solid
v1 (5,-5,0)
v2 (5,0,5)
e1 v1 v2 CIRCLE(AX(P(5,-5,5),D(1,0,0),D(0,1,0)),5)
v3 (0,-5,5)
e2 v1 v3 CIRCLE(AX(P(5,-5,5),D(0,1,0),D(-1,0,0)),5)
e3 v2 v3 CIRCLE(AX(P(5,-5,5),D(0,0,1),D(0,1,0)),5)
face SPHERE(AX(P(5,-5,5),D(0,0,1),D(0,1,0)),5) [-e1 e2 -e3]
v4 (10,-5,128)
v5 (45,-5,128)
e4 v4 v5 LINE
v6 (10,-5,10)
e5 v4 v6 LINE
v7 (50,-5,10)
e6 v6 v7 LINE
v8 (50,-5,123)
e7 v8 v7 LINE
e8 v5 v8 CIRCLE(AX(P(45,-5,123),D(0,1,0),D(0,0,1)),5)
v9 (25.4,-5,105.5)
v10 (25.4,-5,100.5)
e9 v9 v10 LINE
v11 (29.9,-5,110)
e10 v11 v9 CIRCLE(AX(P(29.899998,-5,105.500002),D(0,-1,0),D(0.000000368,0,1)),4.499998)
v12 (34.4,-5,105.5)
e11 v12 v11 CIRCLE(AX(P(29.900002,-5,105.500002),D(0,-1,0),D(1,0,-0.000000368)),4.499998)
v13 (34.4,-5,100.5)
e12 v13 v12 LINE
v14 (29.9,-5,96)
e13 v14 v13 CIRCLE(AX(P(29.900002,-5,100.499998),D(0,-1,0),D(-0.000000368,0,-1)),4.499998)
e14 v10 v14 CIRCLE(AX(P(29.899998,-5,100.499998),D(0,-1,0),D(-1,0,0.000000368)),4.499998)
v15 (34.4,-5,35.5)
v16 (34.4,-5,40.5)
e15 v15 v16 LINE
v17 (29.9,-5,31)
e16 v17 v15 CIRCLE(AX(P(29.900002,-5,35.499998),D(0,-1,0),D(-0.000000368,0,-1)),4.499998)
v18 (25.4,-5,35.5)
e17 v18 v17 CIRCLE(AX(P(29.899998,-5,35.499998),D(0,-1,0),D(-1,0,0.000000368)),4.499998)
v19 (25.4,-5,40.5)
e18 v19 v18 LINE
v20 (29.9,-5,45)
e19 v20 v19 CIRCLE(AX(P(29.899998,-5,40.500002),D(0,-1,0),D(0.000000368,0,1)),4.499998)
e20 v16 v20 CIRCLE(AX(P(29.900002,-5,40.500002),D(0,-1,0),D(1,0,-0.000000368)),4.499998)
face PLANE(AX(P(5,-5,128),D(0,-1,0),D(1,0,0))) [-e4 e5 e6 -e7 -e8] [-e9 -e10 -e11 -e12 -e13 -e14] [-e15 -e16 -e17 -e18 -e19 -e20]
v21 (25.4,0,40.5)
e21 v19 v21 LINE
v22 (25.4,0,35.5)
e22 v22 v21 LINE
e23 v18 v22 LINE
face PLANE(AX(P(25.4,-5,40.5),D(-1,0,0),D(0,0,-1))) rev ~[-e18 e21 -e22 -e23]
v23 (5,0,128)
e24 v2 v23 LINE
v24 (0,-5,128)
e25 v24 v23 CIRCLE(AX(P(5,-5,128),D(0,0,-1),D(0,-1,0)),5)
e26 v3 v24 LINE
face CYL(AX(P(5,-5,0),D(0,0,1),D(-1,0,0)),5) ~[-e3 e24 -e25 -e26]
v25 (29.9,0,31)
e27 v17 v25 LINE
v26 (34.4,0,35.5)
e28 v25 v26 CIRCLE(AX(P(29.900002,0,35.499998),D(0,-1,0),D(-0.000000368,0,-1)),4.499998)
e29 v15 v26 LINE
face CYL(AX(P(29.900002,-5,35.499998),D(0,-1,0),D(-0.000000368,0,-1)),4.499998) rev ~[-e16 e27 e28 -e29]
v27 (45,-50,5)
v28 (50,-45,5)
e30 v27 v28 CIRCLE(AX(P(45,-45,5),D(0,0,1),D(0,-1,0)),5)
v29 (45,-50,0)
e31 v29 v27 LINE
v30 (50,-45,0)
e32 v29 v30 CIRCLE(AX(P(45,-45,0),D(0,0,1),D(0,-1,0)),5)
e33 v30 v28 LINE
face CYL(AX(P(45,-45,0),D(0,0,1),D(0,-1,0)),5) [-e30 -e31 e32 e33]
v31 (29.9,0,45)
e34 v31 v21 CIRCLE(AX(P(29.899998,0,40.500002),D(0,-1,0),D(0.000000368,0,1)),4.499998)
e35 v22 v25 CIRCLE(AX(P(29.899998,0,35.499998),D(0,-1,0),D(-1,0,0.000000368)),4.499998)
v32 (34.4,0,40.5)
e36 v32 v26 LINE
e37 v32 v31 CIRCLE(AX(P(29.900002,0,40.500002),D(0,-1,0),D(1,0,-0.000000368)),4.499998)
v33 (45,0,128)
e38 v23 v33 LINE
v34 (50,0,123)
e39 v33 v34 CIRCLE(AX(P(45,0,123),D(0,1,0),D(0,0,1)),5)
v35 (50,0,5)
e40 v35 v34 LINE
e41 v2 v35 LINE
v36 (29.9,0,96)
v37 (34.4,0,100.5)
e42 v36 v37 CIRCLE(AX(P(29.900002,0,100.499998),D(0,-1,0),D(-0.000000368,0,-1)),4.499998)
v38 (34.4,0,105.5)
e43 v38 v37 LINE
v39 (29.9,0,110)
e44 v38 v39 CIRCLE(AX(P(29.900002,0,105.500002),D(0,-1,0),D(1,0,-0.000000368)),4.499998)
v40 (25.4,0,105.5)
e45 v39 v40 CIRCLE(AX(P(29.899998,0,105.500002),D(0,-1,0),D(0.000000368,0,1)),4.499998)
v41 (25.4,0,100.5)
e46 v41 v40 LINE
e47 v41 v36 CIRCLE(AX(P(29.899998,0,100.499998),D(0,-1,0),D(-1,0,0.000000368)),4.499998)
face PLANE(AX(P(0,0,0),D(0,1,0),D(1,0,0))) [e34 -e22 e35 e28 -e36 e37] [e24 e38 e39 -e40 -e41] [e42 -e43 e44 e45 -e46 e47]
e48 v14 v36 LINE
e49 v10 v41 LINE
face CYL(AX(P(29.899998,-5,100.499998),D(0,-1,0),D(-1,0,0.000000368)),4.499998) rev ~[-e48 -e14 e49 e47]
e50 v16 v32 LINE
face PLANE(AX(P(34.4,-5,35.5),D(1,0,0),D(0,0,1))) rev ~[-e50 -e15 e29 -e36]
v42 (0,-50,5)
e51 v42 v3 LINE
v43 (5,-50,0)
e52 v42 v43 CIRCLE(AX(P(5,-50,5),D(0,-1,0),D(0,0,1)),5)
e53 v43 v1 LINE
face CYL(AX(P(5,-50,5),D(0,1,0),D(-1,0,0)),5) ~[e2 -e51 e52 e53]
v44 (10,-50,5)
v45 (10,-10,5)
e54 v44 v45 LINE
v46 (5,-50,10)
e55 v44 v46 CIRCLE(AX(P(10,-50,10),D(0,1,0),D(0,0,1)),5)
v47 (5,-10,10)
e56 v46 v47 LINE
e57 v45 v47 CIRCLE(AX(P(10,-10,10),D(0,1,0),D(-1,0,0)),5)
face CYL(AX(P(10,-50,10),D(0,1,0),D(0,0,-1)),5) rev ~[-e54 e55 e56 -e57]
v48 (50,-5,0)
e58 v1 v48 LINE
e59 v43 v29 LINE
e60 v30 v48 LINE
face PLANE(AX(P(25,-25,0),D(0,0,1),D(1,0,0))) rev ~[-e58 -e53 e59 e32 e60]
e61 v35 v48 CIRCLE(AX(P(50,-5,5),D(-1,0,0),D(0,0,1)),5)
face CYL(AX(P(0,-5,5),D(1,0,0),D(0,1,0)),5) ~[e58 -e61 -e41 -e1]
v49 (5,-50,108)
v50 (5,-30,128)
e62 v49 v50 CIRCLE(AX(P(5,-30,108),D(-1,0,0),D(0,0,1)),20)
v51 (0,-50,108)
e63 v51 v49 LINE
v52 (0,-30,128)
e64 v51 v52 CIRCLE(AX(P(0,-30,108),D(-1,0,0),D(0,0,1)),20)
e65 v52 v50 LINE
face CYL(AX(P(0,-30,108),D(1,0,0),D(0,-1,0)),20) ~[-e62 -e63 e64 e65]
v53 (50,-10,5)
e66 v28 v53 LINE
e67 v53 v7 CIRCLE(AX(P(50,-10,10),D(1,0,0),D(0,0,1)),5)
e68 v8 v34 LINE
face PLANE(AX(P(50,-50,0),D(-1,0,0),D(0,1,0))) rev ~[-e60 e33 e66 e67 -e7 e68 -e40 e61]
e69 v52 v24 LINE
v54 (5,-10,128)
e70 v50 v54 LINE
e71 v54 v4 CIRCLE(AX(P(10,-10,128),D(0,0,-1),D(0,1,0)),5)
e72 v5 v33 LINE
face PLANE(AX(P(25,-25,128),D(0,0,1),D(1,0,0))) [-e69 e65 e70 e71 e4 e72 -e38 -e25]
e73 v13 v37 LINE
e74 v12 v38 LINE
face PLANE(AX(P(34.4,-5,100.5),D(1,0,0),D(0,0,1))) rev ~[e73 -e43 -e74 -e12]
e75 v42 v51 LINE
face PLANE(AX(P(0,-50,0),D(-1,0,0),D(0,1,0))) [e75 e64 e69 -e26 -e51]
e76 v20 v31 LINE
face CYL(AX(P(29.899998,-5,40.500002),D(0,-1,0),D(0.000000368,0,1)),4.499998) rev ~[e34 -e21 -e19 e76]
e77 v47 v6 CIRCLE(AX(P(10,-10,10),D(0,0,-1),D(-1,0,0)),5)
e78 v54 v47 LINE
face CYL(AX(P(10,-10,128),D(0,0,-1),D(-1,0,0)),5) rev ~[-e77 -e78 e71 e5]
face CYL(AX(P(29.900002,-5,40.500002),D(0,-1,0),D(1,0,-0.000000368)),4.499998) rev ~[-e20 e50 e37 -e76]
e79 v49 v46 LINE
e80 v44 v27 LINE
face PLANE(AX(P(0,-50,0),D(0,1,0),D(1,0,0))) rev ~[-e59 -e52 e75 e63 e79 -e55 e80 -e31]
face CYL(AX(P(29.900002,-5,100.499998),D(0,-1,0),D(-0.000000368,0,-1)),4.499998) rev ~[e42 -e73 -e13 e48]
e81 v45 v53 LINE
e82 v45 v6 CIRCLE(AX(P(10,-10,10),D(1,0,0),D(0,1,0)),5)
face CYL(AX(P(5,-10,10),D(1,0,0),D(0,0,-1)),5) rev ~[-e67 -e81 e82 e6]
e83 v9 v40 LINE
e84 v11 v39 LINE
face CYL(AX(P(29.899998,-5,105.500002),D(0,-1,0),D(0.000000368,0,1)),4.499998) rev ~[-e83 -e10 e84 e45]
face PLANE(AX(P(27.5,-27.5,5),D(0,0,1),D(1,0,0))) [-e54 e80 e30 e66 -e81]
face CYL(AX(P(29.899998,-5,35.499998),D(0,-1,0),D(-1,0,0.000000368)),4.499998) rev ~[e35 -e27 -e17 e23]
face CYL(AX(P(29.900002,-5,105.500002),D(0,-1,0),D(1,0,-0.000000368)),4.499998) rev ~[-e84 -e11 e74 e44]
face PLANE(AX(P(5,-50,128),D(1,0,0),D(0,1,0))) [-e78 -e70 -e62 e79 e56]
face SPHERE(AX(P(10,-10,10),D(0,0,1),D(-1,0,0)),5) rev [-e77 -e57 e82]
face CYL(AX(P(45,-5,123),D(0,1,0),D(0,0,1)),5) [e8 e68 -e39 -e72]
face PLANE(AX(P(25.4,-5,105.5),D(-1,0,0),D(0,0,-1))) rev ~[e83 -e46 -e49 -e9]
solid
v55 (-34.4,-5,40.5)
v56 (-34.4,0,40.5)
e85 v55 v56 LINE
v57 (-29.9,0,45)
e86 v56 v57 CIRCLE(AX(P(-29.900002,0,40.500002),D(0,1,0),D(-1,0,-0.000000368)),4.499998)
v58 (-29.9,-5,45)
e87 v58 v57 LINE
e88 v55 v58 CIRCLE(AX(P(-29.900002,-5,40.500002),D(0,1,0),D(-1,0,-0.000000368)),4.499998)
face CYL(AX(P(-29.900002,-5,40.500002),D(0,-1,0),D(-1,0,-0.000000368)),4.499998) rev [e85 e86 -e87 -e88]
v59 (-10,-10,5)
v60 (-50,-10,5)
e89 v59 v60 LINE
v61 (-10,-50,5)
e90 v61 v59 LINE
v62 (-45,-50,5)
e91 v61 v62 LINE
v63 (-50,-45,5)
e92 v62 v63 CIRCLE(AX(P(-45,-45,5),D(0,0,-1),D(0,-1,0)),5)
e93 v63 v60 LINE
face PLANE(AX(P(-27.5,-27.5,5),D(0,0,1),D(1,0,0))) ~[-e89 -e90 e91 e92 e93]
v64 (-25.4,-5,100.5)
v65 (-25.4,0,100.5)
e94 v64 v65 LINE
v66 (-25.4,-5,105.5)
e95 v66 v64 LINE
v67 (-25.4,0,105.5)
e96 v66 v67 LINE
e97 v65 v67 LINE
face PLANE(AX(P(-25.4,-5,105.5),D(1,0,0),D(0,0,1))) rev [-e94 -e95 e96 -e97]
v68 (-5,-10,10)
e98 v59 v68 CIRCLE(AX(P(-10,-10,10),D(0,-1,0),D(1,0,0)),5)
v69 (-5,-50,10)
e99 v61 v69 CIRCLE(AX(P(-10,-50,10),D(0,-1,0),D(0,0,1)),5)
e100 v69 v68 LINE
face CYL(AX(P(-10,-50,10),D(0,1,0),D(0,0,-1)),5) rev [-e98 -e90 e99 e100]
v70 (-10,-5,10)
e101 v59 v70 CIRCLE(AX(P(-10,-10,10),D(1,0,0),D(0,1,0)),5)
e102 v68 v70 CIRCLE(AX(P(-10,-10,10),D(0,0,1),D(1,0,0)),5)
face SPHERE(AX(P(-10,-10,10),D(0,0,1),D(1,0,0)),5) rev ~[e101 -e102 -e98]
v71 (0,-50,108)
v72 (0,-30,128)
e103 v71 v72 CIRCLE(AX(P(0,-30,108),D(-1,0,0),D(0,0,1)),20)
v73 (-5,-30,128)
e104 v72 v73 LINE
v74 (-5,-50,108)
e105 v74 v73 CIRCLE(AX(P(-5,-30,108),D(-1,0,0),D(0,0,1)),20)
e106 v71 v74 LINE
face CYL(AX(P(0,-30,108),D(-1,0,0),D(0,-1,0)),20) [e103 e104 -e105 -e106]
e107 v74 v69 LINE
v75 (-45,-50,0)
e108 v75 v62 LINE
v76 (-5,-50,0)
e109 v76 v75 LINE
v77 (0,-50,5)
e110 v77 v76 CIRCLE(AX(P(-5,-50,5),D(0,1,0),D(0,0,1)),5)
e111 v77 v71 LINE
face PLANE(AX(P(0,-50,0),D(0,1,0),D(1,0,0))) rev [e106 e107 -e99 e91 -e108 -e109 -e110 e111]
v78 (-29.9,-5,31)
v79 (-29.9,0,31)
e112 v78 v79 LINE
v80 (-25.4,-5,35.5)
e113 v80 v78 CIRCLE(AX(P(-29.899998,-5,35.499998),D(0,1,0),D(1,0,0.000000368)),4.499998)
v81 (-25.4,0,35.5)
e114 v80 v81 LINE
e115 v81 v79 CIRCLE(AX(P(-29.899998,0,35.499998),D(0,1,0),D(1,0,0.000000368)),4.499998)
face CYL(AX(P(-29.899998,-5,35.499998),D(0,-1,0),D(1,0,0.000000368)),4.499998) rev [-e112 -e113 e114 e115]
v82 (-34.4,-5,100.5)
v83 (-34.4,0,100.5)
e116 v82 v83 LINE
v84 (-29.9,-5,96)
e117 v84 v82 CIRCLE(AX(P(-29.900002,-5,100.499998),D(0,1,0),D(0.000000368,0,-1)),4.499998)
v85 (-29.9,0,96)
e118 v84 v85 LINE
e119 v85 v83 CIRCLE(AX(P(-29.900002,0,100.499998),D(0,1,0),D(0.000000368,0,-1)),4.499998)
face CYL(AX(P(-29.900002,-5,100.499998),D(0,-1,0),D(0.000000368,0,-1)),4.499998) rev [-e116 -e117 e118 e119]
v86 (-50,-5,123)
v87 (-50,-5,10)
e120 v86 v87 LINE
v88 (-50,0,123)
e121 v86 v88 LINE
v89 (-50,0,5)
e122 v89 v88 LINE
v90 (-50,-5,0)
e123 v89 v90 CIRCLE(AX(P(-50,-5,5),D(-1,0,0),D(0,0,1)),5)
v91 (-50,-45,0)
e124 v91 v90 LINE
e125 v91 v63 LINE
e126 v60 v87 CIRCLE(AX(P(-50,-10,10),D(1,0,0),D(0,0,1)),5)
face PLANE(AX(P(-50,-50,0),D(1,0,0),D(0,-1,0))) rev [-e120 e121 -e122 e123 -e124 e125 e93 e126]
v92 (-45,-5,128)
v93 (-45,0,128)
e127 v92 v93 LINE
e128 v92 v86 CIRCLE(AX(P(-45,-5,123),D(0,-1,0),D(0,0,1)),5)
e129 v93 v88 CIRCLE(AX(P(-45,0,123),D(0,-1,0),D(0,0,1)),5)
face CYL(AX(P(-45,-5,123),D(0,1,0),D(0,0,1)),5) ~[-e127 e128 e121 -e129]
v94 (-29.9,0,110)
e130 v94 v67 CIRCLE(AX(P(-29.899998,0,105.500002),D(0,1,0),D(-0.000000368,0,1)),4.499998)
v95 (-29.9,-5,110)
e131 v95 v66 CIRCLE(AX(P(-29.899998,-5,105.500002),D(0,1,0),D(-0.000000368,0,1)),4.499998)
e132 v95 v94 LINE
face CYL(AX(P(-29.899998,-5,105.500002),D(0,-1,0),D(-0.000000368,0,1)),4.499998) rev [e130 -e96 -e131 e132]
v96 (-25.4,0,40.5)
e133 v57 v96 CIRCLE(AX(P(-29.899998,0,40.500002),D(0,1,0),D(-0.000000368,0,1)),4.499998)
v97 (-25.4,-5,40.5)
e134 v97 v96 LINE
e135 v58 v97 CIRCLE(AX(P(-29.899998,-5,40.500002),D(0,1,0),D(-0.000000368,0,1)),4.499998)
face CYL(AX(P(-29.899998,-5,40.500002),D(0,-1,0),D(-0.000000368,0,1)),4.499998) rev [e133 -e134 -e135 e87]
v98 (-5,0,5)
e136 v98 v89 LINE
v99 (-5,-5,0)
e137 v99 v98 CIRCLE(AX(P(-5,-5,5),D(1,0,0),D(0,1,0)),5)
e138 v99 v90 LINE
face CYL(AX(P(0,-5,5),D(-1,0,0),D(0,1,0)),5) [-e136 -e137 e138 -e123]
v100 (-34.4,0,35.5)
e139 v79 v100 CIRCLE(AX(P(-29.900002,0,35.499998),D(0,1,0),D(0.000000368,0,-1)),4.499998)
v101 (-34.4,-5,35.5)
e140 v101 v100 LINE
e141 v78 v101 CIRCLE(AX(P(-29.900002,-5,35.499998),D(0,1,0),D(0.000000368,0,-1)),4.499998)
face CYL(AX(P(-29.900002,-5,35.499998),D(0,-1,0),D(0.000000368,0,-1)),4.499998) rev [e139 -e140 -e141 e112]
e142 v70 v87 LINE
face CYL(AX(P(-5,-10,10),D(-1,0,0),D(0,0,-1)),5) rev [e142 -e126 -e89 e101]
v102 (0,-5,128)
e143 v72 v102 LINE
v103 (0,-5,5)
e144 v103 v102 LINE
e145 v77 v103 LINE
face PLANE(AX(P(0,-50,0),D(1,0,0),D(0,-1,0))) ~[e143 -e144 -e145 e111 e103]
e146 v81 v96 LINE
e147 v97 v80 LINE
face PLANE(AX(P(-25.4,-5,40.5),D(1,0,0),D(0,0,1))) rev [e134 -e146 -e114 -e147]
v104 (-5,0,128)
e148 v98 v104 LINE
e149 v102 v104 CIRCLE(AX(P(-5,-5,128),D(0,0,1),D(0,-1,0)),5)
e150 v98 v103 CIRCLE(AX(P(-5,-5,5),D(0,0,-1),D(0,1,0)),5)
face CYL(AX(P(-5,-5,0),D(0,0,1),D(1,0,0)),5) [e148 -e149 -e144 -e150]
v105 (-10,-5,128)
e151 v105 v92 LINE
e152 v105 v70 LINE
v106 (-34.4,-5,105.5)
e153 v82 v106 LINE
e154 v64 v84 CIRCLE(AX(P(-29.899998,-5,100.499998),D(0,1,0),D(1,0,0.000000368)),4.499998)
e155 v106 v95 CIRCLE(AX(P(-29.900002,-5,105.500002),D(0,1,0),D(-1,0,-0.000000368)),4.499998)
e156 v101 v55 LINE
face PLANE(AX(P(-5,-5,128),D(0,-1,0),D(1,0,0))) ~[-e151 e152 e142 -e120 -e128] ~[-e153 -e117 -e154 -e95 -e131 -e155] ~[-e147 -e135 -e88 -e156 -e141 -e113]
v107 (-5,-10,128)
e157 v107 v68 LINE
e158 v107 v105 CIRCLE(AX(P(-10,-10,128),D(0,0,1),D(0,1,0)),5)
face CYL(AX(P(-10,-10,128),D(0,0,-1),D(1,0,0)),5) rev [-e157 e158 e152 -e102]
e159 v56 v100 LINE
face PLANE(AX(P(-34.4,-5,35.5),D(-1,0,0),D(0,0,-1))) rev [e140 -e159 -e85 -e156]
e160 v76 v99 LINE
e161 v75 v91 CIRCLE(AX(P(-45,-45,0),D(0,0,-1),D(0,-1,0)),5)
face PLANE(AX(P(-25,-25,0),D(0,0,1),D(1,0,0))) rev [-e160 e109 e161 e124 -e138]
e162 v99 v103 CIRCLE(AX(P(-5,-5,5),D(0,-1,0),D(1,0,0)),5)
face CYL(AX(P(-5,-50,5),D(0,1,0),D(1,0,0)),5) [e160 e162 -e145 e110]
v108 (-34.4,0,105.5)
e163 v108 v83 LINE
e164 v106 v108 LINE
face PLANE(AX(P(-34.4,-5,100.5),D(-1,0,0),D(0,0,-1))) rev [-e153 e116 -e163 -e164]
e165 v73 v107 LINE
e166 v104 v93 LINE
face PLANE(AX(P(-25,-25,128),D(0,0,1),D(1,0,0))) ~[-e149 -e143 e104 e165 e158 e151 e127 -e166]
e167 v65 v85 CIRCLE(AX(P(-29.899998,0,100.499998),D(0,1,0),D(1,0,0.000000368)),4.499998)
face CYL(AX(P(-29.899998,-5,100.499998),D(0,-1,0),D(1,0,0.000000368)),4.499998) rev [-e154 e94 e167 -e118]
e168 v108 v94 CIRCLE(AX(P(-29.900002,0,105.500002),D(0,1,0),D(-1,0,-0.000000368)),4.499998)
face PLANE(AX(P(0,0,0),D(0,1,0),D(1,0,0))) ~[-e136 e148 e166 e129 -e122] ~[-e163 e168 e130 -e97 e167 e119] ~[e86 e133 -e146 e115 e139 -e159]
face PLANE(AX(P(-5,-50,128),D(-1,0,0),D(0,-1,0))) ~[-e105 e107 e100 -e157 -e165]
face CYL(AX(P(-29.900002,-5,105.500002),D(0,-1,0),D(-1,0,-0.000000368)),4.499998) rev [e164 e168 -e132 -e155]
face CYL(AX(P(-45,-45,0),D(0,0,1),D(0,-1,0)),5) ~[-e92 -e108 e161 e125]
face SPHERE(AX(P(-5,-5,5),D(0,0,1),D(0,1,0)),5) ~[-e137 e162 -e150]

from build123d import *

# Parameters (mm, degrees)
F0_W     = 50
F0_H     = 50
F1_DEPTH = 128
F2_W     = 45
F2_H     = 45
F3_DEPTH = 123
F4_R     = 5
F5_R     = 20
F7_DEPTH = 5.001


with BuildPart() as f1:
    # F0 (on Top) → F1 (new body)
    with BuildSketch(Plane.XY):
        with Locations((25, -25)):
            Rectangle(F0_W, F0_H)
    extrude(amount=F1_DEPTH)

    # F2 (on face) → F3 (cut)
    with BuildSketch(Plane.XY.offset(128)):
        with Locations((27.5, -27.5)):
            Rectangle(F2_W, F2_H)
    extrude(amount=-F3_DEPTH, mode=Mode.SUBTRACT)

    # F4
    f4_edges = [f1.edges().sort_by_distance(p)[0] for p in [
        (5, -5, 66.5),
        (0, 0, 64),
        (25, 0, 0),
        (0, -25, 0),
        (5, -27.5, 5),
        (27.5, -5, 5),
        (50, -2.5, 128),
        (50, -50, 2.5),
    ]]
    fillet(f4_edges, radius=F4_R)

    # F5
    f5_edges = [f1.edges().sort_by_distance(p)[0] for p in [
        (2.5, -50, 128),
    ]]
    fillet(f5_edges, radius=F5_R)

    # F6 (on face) → F7 (cut, through all)
    with BuildSketch(Plane.XZ.offset(5)):
        with BuildLine():
            ThreePointArc((29.9, 110), (26.718019, 108.681981), (25.4, 105.5))
            Line((25.4, 105.5), (25.4, 100.5))
            ThreePointArc((25.4, 100.5), (26.718019, 97.318019), (29.9, 96))
            ThreePointArc((29.9, 96), (33.081981, 97.318019), (34.4, 100.5))
            Line((34.4, 100.5), (34.4, 105.5))
            ThreePointArc((34.4, 105.5), (33.081981, 108.681981), (29.9, 110))
        make_face()
        with BuildLine():
            ThreePointArc((34.4, 40.5), (33.081981, 43.681981), (29.9, 45))
            ThreePointArc((29.9, 45), (26.718019, 43.681981), (25.4, 40.5))
            Line((25.4, 40.5), (25.4, 35.5))
            ThreePointArc((25.4, 35.5), (26.718019, 32.318019), (29.9, 31))
            ThreePointArc((29.9, 31), (33.081981, 32.318019), (34.4, 35.5))
            Line((34.4, 35.5), (34.4, 40.5))
        make_face()
    extrude(amount=-F7_DEPTH, mode=Mode.SUBTRACT)


with BuildPart() as f8_1:
    # F8: instance of F1
    add(f1.part.mirror(Plane.YZ))


solid = Compound([f1.part, f8_1.part])
